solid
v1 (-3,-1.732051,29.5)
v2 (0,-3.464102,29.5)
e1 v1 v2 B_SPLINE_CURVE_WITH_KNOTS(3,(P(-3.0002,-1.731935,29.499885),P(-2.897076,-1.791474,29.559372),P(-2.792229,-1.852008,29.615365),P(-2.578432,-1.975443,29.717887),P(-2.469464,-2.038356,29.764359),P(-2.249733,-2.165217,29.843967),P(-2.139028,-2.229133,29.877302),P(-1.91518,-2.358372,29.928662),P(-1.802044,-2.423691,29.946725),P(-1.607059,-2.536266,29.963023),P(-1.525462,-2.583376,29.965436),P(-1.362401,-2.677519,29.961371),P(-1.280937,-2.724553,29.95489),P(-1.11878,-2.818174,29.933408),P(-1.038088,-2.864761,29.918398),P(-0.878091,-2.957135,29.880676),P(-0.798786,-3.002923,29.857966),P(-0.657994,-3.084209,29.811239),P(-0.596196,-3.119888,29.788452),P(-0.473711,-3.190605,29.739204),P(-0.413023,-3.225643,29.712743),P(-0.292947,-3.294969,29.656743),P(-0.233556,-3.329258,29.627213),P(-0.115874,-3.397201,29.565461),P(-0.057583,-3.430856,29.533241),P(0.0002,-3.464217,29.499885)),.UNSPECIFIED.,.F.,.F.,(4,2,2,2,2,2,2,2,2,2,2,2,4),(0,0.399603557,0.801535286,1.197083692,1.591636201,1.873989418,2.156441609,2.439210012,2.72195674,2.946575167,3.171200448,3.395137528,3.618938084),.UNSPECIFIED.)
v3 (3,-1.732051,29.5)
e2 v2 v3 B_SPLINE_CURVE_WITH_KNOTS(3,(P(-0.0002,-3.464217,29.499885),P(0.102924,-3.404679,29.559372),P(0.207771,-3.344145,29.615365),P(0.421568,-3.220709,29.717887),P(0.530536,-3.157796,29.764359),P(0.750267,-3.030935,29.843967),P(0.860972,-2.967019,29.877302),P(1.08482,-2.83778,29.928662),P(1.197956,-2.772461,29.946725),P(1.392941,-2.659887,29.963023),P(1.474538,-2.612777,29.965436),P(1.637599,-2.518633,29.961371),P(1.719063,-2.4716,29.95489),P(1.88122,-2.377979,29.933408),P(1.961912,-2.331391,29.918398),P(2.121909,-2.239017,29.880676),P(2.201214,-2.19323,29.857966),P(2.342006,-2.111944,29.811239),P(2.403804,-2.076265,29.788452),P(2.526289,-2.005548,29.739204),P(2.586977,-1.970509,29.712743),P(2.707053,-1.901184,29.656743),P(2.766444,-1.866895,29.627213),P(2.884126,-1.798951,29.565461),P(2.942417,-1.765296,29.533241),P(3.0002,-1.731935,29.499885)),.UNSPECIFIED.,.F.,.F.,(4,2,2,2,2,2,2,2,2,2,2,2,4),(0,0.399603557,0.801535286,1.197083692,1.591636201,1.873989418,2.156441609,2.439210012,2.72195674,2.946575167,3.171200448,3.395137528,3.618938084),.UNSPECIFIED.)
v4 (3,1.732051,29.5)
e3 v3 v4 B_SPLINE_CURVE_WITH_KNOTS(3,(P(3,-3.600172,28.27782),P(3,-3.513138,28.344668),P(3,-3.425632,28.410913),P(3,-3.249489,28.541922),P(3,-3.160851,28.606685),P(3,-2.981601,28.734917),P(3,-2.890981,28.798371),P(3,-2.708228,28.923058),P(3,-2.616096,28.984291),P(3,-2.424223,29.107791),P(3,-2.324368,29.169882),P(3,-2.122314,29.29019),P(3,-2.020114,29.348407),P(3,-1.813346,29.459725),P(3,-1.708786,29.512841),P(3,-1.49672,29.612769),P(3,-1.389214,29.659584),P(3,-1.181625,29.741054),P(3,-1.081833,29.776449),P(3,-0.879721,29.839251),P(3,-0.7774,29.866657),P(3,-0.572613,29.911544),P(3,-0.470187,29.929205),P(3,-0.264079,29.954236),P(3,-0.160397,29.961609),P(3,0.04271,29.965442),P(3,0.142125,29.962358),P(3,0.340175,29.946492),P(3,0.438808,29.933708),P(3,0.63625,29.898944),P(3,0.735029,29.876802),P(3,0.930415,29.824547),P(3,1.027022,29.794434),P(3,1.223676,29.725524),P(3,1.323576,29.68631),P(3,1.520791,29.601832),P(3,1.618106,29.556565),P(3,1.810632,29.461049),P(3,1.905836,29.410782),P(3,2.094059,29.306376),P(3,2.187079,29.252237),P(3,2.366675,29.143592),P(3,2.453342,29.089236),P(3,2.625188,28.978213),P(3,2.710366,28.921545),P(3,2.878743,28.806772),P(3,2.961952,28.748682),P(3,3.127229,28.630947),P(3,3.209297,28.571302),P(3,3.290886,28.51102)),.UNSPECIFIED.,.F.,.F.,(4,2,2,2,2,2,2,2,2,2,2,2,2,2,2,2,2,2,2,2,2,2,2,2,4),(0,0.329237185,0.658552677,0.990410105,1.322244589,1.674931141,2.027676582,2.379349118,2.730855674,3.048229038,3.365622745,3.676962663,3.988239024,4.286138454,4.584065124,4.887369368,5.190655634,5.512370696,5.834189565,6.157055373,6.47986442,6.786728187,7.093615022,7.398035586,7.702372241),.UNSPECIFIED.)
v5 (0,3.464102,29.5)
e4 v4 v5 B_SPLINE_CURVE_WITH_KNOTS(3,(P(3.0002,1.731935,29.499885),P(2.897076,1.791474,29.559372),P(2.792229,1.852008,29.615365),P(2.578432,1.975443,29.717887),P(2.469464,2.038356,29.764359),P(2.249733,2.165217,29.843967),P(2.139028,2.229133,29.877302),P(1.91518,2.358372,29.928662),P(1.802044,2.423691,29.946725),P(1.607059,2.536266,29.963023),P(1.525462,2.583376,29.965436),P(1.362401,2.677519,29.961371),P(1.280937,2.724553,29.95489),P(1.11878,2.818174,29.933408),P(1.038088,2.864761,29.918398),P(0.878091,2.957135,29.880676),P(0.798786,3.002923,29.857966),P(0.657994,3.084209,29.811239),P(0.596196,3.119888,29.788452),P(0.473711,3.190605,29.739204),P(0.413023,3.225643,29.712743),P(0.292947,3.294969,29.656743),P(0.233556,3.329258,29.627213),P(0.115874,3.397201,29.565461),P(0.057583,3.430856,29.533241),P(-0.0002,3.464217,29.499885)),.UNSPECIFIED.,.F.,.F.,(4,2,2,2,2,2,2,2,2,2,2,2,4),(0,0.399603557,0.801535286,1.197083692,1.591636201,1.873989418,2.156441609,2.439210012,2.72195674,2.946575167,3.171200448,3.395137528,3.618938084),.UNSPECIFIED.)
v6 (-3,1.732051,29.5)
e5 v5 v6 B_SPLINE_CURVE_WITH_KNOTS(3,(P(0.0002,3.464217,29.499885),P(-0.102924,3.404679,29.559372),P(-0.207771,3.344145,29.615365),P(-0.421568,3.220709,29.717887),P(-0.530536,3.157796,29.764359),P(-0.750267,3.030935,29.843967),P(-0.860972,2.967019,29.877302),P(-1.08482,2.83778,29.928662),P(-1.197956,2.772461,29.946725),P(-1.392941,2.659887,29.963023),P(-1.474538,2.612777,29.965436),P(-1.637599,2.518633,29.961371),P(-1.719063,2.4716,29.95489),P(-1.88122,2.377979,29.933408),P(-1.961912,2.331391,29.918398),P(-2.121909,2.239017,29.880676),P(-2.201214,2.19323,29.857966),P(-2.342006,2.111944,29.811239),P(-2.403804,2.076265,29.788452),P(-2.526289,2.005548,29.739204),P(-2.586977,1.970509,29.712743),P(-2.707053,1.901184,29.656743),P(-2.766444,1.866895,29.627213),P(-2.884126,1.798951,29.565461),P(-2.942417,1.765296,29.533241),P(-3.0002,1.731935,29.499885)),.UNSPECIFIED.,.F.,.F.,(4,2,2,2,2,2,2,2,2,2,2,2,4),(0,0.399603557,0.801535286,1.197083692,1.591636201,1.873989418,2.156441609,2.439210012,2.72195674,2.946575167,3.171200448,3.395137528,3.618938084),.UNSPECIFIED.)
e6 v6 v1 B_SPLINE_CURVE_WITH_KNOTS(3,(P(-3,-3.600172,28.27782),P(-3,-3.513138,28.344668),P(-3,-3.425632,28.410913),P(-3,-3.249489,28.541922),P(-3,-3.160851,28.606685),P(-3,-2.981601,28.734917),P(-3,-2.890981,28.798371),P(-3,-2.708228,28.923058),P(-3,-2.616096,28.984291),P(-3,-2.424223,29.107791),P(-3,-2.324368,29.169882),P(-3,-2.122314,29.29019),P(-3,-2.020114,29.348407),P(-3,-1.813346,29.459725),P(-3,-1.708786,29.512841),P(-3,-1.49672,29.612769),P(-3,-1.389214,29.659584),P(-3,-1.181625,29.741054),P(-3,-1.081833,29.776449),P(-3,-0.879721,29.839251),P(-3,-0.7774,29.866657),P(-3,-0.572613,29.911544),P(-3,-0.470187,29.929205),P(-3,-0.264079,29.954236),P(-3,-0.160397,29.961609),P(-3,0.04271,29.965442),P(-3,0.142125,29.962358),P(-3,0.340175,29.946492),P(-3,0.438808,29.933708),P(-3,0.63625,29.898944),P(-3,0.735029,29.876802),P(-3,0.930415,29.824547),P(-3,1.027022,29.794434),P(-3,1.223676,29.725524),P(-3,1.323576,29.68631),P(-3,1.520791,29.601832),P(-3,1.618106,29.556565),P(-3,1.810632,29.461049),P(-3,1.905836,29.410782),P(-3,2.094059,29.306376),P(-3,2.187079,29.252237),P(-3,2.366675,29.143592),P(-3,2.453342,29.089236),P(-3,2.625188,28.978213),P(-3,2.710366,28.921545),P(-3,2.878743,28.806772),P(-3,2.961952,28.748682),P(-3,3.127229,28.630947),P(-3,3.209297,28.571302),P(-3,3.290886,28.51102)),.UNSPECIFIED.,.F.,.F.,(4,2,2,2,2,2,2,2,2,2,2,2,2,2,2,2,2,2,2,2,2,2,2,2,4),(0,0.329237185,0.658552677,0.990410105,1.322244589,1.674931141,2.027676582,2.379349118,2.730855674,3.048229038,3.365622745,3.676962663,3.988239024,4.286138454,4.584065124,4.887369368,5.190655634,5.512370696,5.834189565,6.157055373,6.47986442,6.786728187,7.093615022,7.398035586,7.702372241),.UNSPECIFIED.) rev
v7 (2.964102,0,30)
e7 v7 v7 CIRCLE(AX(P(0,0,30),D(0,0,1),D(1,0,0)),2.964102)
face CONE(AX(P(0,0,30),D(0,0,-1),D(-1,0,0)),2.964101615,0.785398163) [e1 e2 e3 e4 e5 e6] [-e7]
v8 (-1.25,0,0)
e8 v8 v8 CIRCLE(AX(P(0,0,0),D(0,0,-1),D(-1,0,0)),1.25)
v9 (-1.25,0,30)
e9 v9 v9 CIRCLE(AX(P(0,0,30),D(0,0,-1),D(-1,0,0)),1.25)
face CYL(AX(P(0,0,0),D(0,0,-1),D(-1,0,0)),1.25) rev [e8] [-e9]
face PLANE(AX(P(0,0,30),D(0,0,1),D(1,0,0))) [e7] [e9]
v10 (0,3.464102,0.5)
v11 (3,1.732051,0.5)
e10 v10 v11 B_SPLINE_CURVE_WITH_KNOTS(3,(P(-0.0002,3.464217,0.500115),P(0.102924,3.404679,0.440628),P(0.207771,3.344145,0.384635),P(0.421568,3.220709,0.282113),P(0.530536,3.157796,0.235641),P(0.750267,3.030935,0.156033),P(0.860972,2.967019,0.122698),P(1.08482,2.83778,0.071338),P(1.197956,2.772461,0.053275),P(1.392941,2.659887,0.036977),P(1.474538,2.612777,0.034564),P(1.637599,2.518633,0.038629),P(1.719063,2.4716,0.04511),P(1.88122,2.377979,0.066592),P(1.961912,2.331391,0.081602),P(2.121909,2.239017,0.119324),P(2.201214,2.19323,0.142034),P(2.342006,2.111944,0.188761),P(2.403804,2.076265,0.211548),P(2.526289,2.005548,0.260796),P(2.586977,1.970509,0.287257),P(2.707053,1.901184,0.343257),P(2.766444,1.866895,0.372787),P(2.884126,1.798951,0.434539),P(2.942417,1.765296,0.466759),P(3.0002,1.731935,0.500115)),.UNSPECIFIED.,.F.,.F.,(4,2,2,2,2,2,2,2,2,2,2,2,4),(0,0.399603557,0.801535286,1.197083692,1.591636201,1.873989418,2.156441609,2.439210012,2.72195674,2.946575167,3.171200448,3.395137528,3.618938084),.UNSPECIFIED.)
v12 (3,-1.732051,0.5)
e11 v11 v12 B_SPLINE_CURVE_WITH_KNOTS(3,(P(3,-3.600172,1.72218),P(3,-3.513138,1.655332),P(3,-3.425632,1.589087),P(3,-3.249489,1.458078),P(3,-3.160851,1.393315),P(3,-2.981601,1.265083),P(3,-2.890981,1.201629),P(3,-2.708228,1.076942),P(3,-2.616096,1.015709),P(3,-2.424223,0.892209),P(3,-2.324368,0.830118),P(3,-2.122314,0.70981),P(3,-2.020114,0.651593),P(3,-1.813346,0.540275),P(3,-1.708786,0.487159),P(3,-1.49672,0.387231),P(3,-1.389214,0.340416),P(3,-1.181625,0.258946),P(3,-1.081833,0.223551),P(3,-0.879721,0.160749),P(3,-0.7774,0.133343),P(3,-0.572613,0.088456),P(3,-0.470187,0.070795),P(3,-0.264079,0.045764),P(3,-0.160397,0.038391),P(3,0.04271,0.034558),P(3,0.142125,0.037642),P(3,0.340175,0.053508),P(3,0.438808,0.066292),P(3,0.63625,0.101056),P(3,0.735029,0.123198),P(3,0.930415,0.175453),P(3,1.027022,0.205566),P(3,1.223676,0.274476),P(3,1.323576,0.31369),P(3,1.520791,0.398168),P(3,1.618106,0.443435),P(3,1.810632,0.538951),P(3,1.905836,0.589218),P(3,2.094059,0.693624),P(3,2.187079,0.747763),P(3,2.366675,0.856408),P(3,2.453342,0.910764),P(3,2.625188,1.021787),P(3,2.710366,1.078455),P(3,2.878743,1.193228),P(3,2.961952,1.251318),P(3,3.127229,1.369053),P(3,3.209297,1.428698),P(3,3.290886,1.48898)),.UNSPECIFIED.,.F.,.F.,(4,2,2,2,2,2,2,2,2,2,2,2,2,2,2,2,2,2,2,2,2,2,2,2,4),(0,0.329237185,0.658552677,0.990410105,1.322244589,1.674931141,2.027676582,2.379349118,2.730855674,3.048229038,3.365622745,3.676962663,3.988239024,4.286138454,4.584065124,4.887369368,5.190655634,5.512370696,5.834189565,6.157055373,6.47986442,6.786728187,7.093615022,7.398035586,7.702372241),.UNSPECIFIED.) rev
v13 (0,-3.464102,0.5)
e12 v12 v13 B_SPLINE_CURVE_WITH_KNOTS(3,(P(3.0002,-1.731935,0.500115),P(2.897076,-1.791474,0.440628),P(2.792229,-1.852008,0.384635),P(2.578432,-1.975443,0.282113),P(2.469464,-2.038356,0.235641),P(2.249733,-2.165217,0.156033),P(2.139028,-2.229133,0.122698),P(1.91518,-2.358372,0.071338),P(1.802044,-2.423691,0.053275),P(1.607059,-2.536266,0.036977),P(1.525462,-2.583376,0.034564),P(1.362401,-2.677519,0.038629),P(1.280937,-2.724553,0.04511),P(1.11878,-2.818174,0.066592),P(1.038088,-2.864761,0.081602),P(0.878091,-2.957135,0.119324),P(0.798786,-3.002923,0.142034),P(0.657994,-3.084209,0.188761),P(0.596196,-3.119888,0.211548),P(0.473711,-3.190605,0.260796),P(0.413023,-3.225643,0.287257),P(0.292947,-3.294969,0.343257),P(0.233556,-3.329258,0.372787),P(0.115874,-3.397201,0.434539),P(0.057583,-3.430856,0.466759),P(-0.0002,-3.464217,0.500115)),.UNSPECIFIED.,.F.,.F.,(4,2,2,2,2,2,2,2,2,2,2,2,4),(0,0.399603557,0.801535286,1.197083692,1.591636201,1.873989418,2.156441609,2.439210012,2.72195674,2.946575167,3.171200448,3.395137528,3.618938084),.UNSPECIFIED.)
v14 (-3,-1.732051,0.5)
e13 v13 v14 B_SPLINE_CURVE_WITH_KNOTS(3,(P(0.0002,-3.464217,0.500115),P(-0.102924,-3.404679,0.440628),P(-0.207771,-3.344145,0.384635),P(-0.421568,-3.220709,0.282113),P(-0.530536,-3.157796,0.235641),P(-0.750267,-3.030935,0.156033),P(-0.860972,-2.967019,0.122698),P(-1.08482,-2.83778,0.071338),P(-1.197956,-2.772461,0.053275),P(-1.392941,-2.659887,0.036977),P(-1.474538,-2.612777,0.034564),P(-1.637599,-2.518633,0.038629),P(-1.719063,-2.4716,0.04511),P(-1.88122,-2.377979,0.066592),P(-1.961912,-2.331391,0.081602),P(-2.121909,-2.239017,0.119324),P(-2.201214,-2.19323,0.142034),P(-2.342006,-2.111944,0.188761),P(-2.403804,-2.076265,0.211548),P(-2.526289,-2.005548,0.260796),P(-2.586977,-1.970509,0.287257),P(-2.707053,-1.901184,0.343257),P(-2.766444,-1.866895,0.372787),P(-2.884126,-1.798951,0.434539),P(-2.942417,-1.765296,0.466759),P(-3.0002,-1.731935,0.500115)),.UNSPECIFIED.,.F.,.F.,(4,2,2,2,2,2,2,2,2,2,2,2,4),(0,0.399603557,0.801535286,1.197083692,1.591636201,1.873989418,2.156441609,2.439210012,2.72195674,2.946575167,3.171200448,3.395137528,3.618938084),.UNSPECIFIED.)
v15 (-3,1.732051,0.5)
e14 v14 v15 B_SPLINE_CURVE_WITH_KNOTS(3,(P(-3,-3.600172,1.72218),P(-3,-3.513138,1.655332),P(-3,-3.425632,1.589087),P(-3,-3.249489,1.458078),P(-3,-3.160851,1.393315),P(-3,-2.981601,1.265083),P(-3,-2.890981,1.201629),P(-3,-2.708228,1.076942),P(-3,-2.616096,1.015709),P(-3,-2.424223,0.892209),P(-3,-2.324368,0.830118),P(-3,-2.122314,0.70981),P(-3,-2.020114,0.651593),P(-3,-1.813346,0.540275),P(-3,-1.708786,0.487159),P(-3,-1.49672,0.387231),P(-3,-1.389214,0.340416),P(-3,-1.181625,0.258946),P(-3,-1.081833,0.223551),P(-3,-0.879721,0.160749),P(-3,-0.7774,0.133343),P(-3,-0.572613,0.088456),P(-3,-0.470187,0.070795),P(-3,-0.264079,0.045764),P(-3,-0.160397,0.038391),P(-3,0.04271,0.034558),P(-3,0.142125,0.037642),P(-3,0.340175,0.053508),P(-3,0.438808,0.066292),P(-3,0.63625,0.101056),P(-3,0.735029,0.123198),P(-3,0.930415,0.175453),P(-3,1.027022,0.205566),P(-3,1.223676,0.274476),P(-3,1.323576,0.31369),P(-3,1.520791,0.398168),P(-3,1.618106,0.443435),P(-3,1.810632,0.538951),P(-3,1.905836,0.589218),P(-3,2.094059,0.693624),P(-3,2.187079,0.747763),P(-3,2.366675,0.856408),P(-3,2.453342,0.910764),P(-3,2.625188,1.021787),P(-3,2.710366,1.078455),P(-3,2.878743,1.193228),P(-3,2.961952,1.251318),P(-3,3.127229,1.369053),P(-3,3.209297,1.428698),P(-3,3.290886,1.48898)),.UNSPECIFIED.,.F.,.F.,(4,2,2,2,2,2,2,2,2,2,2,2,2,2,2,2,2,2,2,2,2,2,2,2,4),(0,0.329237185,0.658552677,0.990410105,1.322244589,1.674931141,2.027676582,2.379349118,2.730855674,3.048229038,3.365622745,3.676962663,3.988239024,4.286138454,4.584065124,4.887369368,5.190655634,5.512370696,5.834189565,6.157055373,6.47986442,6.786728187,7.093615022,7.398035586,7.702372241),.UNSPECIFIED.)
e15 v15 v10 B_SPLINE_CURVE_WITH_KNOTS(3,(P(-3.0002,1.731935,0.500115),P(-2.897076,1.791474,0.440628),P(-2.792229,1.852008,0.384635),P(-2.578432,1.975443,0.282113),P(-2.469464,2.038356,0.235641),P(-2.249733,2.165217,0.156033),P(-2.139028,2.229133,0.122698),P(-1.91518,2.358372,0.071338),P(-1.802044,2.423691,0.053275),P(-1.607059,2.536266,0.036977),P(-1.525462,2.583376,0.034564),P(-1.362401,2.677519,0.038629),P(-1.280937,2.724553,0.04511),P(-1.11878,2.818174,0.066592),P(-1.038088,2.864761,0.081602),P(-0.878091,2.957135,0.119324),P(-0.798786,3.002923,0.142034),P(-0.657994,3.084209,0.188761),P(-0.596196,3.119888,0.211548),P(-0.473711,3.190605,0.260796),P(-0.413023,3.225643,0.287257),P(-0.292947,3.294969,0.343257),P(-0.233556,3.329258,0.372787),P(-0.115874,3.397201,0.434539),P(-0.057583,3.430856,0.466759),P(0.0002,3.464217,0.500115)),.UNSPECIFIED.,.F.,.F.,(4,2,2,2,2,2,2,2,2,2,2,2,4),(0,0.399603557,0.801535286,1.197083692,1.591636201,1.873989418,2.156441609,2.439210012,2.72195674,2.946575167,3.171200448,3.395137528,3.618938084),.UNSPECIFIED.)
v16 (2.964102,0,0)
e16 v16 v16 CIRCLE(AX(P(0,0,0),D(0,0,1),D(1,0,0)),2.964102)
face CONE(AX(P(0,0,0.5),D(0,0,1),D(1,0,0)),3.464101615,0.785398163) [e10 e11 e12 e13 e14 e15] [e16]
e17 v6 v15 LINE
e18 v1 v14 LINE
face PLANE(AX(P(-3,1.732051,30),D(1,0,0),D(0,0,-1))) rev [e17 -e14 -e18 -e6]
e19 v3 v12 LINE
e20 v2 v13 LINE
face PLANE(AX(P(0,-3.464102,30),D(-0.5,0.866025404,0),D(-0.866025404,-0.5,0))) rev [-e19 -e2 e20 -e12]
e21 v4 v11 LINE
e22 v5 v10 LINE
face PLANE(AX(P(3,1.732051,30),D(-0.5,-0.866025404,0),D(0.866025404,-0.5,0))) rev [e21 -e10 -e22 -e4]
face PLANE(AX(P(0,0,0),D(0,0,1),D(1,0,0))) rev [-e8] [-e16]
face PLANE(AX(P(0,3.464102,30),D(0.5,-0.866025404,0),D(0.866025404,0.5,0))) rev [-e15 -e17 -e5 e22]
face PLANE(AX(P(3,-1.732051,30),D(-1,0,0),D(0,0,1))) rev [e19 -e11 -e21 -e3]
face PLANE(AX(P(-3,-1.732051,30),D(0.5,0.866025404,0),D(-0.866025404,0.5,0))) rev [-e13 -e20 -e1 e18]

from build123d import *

# Parameters (mm, degrees)
BOSS_EXTRU_1_DEPTH                        = 30
TROU_POUR_TARAUDAGE_POUR_TROU_TARAUD_M3_D = 2.5


with BuildPart() as part:
    # Esquisse1 → Boss.-Extru.1 (new body)
    with BuildSketch(Plane.XY):
        Polygon((0, 3.464101615), (-3, 1.732050808), (-3, -1.732050808), (0, -3.464101615), (3, -1.732050808), (3, 1.732050808), align=None)
    extrude(amount=BOSS_EXTRU_1_DEPTH)

    # Esquisse2 → Enlèvement de matière-Révolution1 (revolve, cut)
    with BuildSketch(Plane(origin=(0, 0, 0), x_dir=(0, 0, -1), z_dir=(1, 0, 0))):
        Polygon((-30, 2.964101615), (-29.5, 3.464101615), (-29.5, 7.964101615), (-34.5, 7.964101615), (-34.5, 2.964101615), align=None)
        Polygon((0, 2.964101615), (4.5, 2.964101615), (4.5, 7.964101615), (-0.5, 7.964101615), (-0.5, 3.464101615), align=None)
    revolve(axis=Axis((0, 0, 1000), (0, 0, -1)), mode=Mode.SUBTRACT)

    # Trou pour taraudage pour trou taraudé M31 (through all)
    with Locations(Plane(origin=(0, 0, 0), x_dir=(-1, 0, 0), z_dir=(0, 0, -1))):
        with Locations((0, 0)):
            Hole(TROU_POUR_TARAUDAGE_POUR_TROU_TARAUD_M3_D / 2)


solid = part.part
